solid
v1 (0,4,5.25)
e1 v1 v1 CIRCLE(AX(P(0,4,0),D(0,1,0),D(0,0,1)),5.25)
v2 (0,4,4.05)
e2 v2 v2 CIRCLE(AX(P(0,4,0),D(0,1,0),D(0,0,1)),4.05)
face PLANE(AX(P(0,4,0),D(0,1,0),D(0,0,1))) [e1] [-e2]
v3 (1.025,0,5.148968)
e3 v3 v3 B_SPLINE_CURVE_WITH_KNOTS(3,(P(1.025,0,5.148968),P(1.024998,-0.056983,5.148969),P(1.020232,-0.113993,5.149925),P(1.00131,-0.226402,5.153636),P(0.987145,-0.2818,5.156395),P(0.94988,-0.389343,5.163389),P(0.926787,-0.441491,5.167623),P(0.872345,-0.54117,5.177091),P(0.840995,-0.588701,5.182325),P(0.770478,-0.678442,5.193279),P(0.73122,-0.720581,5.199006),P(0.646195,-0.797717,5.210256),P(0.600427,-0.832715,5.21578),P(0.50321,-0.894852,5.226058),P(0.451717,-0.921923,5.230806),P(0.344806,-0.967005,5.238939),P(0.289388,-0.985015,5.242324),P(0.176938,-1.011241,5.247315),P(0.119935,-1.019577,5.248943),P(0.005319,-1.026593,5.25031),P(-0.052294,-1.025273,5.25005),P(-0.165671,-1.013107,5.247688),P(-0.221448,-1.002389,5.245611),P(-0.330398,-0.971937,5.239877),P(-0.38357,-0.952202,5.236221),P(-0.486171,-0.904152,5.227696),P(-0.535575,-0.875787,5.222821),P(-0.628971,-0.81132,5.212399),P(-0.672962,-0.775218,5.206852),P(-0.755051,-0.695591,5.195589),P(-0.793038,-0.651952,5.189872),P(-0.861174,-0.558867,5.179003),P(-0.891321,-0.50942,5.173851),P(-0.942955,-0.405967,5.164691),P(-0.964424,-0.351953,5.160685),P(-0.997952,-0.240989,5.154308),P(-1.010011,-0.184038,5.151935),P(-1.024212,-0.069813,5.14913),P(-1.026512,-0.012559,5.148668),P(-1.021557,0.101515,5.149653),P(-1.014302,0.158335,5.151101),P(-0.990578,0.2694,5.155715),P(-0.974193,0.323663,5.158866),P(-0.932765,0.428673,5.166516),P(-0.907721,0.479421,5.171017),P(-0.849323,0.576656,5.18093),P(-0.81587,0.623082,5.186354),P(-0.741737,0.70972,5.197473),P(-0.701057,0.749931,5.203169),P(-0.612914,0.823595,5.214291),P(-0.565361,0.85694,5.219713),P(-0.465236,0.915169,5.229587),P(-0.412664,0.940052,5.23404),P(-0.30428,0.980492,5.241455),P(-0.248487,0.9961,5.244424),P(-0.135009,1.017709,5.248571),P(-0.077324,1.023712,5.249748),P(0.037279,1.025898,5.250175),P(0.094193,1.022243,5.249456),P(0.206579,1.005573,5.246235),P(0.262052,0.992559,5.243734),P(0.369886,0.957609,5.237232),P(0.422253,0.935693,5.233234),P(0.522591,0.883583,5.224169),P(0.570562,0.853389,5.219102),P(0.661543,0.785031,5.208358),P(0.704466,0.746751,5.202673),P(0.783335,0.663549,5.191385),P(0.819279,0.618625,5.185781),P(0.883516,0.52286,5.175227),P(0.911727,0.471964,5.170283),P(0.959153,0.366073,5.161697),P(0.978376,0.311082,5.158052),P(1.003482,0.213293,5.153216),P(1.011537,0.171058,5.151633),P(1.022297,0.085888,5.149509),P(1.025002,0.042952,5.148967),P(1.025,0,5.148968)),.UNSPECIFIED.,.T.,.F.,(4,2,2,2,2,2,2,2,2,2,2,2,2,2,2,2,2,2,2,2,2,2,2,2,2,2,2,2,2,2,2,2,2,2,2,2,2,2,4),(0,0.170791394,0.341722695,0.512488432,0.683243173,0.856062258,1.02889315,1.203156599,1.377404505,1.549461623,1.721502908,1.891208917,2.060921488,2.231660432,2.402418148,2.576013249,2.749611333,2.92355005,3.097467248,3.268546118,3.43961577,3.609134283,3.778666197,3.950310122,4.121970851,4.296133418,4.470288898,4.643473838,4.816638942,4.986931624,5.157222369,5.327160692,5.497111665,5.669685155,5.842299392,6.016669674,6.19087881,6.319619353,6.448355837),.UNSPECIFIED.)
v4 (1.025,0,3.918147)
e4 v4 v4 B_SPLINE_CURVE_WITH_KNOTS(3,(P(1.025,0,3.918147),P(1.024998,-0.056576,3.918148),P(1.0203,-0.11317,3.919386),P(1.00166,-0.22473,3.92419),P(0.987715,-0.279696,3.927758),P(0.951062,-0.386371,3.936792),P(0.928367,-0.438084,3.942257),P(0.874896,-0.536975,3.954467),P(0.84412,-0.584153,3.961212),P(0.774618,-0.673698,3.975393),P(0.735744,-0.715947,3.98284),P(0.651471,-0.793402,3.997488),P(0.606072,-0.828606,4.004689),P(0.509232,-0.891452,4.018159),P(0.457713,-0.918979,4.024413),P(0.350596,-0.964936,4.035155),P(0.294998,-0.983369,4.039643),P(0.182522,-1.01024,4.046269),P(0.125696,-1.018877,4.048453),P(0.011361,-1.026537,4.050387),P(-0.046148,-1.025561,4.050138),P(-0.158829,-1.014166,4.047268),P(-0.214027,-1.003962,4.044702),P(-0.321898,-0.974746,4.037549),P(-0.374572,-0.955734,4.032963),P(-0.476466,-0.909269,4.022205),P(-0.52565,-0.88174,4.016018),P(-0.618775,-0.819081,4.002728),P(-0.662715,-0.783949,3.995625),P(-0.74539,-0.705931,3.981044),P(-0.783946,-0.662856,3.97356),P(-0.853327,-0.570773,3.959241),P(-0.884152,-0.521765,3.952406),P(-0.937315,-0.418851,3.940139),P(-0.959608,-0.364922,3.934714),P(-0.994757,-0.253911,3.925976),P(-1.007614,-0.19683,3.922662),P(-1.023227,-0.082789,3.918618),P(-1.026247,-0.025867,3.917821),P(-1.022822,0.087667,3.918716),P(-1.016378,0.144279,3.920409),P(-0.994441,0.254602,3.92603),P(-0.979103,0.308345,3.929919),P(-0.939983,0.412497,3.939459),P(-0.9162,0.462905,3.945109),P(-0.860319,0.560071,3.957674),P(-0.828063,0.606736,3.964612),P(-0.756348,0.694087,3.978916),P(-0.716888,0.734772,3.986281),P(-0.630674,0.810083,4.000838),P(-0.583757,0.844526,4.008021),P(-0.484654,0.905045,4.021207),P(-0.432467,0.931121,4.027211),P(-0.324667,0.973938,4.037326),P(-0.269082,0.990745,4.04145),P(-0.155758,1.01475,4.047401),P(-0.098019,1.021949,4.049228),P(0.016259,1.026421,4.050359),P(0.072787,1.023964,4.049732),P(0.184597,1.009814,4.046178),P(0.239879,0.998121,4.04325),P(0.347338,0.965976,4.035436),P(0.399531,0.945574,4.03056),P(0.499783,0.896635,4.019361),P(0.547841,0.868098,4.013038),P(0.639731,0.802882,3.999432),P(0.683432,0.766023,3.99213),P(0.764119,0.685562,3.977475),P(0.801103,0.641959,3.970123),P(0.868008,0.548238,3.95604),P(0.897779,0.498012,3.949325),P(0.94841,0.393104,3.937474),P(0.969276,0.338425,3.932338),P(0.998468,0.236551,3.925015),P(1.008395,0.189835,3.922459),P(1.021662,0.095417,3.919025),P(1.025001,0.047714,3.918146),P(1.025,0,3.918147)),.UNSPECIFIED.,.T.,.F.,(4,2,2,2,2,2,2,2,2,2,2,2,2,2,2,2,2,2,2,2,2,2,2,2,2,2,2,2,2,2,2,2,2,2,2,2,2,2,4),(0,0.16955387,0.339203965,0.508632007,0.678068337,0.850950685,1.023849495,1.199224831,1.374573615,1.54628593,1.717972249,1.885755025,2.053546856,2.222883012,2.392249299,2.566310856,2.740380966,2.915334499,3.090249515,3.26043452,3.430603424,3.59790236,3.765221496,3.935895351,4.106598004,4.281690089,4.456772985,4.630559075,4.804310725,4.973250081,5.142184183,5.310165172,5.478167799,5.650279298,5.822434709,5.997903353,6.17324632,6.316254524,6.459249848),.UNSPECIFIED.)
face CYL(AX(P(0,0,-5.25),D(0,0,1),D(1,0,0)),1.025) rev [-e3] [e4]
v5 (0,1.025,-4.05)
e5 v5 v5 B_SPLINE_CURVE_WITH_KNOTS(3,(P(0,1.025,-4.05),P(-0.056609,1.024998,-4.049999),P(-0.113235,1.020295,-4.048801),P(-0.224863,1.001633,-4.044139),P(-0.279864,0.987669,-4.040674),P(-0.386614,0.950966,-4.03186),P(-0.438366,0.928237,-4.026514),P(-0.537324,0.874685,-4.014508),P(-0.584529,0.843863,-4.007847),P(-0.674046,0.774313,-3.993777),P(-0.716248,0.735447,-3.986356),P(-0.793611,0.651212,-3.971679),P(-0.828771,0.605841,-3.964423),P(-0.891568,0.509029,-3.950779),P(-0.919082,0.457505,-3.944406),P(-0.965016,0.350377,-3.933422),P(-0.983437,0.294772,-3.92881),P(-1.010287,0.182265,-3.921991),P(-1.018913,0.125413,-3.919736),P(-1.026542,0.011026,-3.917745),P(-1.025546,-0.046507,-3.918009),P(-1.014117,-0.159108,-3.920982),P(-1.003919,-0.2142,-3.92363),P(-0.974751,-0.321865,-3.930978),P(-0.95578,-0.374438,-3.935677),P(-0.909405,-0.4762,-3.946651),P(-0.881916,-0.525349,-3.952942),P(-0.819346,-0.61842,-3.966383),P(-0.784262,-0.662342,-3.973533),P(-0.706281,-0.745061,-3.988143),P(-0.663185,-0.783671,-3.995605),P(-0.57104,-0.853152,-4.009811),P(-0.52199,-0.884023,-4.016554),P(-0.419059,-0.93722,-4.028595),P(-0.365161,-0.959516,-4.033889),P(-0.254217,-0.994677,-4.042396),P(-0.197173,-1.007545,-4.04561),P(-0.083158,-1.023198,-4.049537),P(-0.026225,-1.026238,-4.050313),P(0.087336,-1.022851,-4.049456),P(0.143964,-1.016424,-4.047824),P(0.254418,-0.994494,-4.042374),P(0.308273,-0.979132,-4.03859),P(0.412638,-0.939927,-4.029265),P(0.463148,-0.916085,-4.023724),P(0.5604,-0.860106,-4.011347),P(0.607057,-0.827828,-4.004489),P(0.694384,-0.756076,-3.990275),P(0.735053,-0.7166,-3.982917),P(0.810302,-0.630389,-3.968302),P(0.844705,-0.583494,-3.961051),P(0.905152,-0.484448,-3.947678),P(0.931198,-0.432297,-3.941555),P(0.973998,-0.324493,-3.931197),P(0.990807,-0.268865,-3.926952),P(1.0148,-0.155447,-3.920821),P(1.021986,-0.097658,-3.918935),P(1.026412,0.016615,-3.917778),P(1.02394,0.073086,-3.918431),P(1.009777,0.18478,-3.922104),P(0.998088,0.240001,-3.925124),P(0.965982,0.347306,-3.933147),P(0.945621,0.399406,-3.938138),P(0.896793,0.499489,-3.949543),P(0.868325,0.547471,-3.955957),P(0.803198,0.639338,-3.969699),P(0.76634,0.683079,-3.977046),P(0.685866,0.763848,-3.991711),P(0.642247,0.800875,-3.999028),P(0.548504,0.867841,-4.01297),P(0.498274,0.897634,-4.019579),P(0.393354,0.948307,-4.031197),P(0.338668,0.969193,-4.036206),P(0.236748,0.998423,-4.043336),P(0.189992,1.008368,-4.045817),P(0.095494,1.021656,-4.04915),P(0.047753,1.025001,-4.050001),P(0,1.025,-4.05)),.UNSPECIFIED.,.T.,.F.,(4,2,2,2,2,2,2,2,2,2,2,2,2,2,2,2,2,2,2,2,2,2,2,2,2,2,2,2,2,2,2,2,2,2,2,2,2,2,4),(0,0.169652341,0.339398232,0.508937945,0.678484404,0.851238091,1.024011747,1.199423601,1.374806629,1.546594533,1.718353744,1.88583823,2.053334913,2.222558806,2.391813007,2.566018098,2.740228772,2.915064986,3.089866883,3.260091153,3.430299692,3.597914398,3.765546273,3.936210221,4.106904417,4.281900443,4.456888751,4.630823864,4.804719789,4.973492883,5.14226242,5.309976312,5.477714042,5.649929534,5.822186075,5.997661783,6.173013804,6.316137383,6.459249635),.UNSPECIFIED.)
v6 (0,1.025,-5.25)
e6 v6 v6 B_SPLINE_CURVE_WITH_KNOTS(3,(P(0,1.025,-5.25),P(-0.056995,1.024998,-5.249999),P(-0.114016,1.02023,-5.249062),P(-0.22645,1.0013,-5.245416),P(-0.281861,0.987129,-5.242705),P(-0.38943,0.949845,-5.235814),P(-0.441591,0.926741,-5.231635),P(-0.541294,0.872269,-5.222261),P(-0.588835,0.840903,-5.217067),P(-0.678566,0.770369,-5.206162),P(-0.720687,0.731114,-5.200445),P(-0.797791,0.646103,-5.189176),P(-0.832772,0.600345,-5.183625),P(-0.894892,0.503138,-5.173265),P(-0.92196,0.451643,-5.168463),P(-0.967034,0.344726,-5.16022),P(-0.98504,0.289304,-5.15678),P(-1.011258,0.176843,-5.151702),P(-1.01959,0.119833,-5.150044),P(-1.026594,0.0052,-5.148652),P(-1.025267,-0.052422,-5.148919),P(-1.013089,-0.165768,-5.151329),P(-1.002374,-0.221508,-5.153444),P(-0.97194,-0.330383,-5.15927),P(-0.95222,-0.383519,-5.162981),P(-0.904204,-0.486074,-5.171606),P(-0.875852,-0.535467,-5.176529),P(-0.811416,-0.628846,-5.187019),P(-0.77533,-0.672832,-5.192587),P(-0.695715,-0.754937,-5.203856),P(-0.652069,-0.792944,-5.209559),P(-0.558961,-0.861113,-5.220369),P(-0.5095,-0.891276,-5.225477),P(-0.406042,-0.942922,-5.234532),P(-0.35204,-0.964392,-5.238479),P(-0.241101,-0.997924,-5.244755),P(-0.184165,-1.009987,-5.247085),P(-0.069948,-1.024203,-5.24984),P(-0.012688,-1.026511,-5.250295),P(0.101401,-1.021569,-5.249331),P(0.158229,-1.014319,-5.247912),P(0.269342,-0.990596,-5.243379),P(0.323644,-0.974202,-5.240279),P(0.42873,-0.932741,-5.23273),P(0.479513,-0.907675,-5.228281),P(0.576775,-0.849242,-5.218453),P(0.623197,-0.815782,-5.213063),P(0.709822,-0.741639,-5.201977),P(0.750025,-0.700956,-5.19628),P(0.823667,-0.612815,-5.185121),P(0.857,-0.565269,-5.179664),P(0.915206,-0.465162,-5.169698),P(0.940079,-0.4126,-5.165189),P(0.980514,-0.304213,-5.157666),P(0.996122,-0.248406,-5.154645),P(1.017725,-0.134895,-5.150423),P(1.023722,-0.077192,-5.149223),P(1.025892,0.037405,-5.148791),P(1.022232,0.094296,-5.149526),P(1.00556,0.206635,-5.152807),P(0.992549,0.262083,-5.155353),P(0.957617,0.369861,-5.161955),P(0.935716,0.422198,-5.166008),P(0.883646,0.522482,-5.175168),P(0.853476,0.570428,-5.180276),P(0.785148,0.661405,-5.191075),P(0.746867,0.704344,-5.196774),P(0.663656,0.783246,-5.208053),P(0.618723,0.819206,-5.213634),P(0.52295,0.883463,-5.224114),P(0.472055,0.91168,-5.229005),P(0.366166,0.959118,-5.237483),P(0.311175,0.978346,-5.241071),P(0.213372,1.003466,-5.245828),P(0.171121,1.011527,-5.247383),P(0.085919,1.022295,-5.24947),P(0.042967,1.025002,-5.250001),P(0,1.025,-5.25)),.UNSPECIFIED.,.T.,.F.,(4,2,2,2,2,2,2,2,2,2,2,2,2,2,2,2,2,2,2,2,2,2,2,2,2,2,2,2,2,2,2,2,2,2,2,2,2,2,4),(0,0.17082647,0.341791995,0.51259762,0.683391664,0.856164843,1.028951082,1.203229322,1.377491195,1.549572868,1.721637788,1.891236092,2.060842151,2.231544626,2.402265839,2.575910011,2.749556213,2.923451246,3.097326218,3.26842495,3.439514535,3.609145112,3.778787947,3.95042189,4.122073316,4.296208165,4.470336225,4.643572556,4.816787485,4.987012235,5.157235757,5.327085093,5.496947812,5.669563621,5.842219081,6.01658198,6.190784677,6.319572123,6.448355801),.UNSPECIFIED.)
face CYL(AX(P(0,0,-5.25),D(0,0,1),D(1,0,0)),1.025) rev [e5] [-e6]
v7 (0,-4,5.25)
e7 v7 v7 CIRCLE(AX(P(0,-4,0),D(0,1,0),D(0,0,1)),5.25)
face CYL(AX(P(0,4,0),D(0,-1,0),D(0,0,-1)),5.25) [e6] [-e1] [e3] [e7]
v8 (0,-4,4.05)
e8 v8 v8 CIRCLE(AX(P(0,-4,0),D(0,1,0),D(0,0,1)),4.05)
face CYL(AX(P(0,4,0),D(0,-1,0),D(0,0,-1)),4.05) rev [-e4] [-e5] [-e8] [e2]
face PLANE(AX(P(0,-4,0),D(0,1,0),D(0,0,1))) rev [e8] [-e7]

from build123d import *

# Parameters (mm, degrees)
SKETCH1_R               = 5.25
SKETCH1_R_2             = 4.05
BOSS_EXTRUDE1_DEPTH     = 4
CUT_EXTRUDE1_DEPTH      = 9.433563897
CUT_EXTRUDE1_DEPTH_BACK = 9.433563897
SKETCH3_R               = 1.025


with BuildPart() as part:
    # Sketch1 → Boss-Extrude1 (new, symmetric)
    with BuildSketch(Plane(origin=(0, 0, 0), x_dir=(1, 0, 0), z_dir=(0, 1, 0))):
        with Locations(Location((0, 0, 0), (0, 0, 270))):
            Circle(SKETCH1_R)
        with Locations(Location((0, 0, 0), (0, 0, 270))):
            Circle(SKETCH1_R_2, mode=Mode.SUBTRACT)
    extrude(amount=BOSS_EXTRUDE1_DEPTH, both=True)

    # Sketch3 → Cut-Extrude1 (cut, two sides: drawn at the far end of the back side and taken through both)
    with BuildSketch(Plane.XY.offset(-CUT_EXTRUDE1_DEPTH_BACK)):
        Circle(SKETCH3_R)
    extrude(amount=CUT_EXTRUDE1_DEPTH + CUT_EXTRUDE1_DEPTH_BACK, mode=Mode.SUBTRACT)


solid = part.part
